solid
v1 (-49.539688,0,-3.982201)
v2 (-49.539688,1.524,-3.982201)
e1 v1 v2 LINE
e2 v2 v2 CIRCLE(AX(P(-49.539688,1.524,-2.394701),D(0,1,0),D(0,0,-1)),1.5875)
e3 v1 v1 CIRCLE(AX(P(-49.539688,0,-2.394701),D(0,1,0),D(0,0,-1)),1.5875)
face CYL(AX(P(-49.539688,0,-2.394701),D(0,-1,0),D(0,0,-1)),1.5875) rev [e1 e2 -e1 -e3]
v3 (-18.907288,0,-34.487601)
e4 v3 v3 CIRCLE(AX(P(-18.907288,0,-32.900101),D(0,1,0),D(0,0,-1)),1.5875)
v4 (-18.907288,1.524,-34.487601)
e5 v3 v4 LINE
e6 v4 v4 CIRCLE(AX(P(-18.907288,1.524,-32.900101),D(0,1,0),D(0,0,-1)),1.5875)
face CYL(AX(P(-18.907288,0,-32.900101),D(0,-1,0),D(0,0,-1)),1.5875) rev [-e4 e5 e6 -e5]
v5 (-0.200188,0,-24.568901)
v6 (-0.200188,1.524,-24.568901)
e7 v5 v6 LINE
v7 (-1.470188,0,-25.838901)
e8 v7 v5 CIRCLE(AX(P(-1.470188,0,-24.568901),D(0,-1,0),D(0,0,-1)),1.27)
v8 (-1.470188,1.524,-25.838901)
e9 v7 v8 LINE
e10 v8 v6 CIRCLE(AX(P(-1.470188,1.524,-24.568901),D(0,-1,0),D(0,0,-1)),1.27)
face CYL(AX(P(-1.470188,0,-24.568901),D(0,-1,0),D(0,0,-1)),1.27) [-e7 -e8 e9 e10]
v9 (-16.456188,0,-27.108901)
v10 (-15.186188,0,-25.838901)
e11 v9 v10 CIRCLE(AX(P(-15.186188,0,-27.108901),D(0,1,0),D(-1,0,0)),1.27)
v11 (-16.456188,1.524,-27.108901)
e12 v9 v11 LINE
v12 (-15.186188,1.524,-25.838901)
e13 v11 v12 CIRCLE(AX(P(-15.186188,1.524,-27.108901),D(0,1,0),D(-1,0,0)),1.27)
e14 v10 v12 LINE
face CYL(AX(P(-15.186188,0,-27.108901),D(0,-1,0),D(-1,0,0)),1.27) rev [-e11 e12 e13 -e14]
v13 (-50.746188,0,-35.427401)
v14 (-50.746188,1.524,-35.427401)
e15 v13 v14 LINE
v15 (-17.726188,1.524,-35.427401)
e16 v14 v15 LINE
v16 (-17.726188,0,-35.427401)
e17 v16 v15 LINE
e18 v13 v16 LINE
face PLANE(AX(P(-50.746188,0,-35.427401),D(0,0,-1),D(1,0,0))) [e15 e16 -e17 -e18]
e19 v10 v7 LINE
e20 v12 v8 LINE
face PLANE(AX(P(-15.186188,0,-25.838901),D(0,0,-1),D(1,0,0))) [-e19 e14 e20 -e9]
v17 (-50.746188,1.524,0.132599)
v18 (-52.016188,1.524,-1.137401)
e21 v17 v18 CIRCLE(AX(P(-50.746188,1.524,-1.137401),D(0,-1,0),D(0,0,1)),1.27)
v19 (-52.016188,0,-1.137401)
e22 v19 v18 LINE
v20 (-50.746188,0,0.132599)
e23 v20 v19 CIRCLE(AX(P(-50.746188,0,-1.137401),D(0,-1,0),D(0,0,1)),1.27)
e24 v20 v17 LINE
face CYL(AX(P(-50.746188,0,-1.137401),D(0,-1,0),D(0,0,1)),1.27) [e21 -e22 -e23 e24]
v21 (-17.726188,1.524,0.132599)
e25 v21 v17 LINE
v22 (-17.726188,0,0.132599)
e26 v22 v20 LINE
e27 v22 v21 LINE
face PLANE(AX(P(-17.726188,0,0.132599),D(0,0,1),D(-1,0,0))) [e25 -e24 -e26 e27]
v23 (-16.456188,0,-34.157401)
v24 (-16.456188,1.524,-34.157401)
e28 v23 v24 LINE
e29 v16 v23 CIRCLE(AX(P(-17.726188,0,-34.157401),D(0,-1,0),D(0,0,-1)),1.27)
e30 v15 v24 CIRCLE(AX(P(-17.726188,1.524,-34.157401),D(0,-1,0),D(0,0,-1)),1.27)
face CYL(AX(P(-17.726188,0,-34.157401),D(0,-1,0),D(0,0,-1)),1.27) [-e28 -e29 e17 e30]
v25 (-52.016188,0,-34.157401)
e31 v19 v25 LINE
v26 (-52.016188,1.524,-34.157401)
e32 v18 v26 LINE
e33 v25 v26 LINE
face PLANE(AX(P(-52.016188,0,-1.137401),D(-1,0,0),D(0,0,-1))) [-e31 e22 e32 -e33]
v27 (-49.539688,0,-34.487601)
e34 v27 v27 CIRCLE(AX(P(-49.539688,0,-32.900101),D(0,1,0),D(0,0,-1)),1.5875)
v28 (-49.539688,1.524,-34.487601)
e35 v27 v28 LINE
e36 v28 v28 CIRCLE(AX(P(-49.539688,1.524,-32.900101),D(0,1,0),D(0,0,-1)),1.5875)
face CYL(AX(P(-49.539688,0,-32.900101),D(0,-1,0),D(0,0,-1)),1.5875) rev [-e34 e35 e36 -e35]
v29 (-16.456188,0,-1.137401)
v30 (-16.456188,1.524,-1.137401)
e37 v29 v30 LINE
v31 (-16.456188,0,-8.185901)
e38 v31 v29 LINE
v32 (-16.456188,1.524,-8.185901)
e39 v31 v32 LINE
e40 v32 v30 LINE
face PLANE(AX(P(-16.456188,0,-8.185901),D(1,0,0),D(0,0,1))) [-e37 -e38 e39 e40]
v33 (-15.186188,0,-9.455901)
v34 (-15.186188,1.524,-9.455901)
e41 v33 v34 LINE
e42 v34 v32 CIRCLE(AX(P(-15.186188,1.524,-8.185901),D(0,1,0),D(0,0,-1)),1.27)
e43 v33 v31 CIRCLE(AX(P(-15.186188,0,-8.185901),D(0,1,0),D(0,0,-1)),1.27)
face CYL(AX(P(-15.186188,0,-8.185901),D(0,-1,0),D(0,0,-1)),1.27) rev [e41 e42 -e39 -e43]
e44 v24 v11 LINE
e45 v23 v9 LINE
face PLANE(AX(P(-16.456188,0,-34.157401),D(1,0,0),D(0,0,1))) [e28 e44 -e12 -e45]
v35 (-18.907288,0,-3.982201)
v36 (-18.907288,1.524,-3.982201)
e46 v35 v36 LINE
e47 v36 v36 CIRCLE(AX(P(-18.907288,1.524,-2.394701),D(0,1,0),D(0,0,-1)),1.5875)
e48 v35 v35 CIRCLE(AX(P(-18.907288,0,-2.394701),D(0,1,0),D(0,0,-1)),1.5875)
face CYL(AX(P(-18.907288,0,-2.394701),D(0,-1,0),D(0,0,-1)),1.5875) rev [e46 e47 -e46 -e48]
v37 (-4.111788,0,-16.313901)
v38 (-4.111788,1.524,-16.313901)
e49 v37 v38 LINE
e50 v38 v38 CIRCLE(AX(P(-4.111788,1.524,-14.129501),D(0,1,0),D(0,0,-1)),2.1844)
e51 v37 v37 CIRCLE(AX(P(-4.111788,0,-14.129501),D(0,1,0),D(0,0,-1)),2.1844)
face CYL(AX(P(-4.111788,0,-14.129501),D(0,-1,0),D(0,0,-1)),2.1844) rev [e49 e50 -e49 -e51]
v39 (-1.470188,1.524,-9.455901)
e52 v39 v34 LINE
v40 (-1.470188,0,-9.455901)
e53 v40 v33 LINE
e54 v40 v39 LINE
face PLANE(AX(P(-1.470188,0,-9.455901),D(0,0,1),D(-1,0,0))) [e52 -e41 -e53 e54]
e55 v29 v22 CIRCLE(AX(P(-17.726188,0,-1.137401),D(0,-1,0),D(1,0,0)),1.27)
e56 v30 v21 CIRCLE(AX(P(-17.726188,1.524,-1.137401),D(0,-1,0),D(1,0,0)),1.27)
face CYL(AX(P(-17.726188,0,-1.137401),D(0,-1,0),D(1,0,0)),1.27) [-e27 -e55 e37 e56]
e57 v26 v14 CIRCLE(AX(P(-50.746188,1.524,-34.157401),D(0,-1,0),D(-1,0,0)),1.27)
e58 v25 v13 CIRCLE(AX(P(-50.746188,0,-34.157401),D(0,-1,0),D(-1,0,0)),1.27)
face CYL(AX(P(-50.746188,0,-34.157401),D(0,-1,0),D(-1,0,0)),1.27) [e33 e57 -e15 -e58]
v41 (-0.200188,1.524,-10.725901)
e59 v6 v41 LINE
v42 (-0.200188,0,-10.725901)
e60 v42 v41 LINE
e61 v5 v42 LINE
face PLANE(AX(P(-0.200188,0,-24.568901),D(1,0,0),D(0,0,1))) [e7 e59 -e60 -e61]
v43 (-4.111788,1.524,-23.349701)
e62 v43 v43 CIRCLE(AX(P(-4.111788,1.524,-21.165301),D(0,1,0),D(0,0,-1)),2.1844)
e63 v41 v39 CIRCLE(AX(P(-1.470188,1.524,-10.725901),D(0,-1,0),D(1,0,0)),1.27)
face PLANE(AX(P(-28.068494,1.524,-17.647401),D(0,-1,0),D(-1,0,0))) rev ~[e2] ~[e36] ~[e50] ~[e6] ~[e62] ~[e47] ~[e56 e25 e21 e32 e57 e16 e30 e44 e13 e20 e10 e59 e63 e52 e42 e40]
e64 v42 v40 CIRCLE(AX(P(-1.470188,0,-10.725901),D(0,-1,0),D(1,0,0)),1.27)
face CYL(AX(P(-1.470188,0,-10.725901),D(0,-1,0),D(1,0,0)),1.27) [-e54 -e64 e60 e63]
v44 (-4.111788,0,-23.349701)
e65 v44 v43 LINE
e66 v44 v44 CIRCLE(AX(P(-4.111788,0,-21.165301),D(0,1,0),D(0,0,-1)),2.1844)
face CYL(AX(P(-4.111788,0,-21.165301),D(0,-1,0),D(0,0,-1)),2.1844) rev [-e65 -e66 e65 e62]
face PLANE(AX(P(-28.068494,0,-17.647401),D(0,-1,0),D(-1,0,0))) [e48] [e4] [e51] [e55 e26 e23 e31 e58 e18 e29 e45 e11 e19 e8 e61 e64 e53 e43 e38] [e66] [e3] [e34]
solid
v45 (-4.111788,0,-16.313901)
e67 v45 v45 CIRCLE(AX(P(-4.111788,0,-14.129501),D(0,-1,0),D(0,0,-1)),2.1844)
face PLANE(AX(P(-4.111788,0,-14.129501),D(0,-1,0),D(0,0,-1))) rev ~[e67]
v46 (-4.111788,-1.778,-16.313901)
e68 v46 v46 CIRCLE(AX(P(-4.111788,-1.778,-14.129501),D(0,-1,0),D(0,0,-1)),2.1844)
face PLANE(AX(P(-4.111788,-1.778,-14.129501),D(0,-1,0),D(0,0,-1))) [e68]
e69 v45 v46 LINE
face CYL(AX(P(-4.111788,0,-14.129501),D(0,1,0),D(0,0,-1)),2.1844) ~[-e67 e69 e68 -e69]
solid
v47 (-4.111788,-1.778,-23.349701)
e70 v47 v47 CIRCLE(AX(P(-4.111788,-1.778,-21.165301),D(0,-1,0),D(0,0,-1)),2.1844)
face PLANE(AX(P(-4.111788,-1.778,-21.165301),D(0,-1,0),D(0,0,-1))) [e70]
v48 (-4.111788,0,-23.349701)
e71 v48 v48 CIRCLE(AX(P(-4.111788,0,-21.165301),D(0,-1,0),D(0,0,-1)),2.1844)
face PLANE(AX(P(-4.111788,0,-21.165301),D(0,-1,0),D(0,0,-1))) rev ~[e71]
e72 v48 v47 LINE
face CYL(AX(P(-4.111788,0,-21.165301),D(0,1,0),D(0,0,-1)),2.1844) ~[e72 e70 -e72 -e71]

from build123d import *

# Parameters (mm, degrees)
SKETCH1_R             = 1.5875
SKETCH1_R_2           = 2.1844
BOSS_EXTRUDE2_DEPTH   = 1.524
SKETCH3_R             = 2.1844
BOSS_EXTRUDE4_DEPTH   = 1.778
BOSS_EXTRUDE4_2_DEPTH = 1.778


with BuildPart() as part:
    # Sketch1 → Boss-Extrude2 (new body)
    with BuildSketch(Plane(origin=(0, 0, 0), x_dir=(1, 0, 0), z_dir=(0, 1, 0))):
        with BuildLine():
            Line((-50.746188486, 35.427401309), (-17.726188486, 35.427401309))
            ThreePointArc((-17.726188486, 35.427401309), (-16.828162874, 35.055426921), (-16.456188486, 34.157401309))
            Line((-16.456188486, 34.157401309), (-16.456188486, 27.108901309))
            ThreePointArc((-16.456188486, 27.108901309), (-16.084214098, 26.210875697), (-15.186188486, 25.838901309))
            Line((-15.186188486, 25.838901309), (-1.470188486, 25.838901309))
            ThreePointArc((-1.470188486, 25.838901309), (-0.572162874, 25.466926921), (-0.200188486, 24.568901309))
            Line((-0.200188486, 24.568901309), (-0.200188486, 10.725901309))
            ThreePointArc((-0.200188486, 10.725901309), (-0.572162874, 9.827875697), (-1.470188486, 9.455901309))
            Line((-1.470188486, 9.455901309), (-15.186188486, 9.455901309))
            ThreePointArc((-15.186188486, 9.455901309), (-16.084214098, 9.083926921), (-16.456188486, 8.185901309))
            Line((-16.456188486, 8.185901309), (-16.456188486, 1.137401309))
            ThreePointArc((-16.456188486, 1.137401309), (-16.828162874, 0.239375697), (-17.726188486, -0.132598691))
            Line((-17.726188486, -0.132598691), (-50.746188486, -0.132598691))
            ThreePointArc((-50.746188486, -0.132598691), (-51.644214098, 0.239375697), (-52.016188486, 1.137401309))
            Line((-52.016188486, 1.137401309), (-52.016188486, 34.157401309))
            ThreePointArc((-52.016188486, 34.157401309), (-51.644214098, 35.055426921), (-50.746188486, 35.427401309))
        make_face()
        with Locations(Location((-49.539688486, 32.900101309, 0), (0, 0, 90))):
            Circle(SKETCH1_R, mode=Mode.SUBTRACT)
        with Locations(Location((-18.907288486, 32.900101309, 0), (0, 0, 90))):
            Circle(SKETCH1_R, mode=Mode.SUBTRACT)
        with Locations(Location((-18.907288486, 2.394701309, 0), (0, 0, 90))):
            Circle(SKETCH1_R, mode=Mode.SUBTRACT)
        with Locations(Location((-49.539688486, 2.394701309, 0), (0, 0, 90))):
            Circle(SKETCH1_R, mode=Mode.SUBTRACT)
        with Locations(Location((-4.111788486, 21.165301309, 0), (0, 0, 90))):
            Circle(SKETCH1_R_2, mode=Mode.SUBTRACT)
        with Locations(Location((-4.111788486, 14.129501309, 0), (0, 0, 90))):
            Circle(SKETCH1_R_2, mode=Mode.SUBTRACT)
    extrude(amount=BOSS_EXTRUDE2_DEPTH)


with BuildPart() as body_2:
    # Sketch3 → Boss-Extrude4 (new body)
    with BuildSketch(Plane.XZ):
        with Locations(Location((-4.111788486, -14.129501309, 0), (0, 0, 270))):
            Circle(SKETCH3_R)
    extrude(amount=BOSS_EXTRUDE4_DEPTH)


with BuildPart() as body_3:
    # Sketch3 → Boss-Extrude4 2 (new body)
    with BuildSketch(Plane.XZ):
        with Locations(Location((-4.111788486, -21.165301309, 0), (0, 0, 270))):
            Circle(SKETCH3_R)
    extrude(amount=BOSS_EXTRUDE4_2_DEPTH)


solid = Compound([part.part, body_2.part, body_3.part])
